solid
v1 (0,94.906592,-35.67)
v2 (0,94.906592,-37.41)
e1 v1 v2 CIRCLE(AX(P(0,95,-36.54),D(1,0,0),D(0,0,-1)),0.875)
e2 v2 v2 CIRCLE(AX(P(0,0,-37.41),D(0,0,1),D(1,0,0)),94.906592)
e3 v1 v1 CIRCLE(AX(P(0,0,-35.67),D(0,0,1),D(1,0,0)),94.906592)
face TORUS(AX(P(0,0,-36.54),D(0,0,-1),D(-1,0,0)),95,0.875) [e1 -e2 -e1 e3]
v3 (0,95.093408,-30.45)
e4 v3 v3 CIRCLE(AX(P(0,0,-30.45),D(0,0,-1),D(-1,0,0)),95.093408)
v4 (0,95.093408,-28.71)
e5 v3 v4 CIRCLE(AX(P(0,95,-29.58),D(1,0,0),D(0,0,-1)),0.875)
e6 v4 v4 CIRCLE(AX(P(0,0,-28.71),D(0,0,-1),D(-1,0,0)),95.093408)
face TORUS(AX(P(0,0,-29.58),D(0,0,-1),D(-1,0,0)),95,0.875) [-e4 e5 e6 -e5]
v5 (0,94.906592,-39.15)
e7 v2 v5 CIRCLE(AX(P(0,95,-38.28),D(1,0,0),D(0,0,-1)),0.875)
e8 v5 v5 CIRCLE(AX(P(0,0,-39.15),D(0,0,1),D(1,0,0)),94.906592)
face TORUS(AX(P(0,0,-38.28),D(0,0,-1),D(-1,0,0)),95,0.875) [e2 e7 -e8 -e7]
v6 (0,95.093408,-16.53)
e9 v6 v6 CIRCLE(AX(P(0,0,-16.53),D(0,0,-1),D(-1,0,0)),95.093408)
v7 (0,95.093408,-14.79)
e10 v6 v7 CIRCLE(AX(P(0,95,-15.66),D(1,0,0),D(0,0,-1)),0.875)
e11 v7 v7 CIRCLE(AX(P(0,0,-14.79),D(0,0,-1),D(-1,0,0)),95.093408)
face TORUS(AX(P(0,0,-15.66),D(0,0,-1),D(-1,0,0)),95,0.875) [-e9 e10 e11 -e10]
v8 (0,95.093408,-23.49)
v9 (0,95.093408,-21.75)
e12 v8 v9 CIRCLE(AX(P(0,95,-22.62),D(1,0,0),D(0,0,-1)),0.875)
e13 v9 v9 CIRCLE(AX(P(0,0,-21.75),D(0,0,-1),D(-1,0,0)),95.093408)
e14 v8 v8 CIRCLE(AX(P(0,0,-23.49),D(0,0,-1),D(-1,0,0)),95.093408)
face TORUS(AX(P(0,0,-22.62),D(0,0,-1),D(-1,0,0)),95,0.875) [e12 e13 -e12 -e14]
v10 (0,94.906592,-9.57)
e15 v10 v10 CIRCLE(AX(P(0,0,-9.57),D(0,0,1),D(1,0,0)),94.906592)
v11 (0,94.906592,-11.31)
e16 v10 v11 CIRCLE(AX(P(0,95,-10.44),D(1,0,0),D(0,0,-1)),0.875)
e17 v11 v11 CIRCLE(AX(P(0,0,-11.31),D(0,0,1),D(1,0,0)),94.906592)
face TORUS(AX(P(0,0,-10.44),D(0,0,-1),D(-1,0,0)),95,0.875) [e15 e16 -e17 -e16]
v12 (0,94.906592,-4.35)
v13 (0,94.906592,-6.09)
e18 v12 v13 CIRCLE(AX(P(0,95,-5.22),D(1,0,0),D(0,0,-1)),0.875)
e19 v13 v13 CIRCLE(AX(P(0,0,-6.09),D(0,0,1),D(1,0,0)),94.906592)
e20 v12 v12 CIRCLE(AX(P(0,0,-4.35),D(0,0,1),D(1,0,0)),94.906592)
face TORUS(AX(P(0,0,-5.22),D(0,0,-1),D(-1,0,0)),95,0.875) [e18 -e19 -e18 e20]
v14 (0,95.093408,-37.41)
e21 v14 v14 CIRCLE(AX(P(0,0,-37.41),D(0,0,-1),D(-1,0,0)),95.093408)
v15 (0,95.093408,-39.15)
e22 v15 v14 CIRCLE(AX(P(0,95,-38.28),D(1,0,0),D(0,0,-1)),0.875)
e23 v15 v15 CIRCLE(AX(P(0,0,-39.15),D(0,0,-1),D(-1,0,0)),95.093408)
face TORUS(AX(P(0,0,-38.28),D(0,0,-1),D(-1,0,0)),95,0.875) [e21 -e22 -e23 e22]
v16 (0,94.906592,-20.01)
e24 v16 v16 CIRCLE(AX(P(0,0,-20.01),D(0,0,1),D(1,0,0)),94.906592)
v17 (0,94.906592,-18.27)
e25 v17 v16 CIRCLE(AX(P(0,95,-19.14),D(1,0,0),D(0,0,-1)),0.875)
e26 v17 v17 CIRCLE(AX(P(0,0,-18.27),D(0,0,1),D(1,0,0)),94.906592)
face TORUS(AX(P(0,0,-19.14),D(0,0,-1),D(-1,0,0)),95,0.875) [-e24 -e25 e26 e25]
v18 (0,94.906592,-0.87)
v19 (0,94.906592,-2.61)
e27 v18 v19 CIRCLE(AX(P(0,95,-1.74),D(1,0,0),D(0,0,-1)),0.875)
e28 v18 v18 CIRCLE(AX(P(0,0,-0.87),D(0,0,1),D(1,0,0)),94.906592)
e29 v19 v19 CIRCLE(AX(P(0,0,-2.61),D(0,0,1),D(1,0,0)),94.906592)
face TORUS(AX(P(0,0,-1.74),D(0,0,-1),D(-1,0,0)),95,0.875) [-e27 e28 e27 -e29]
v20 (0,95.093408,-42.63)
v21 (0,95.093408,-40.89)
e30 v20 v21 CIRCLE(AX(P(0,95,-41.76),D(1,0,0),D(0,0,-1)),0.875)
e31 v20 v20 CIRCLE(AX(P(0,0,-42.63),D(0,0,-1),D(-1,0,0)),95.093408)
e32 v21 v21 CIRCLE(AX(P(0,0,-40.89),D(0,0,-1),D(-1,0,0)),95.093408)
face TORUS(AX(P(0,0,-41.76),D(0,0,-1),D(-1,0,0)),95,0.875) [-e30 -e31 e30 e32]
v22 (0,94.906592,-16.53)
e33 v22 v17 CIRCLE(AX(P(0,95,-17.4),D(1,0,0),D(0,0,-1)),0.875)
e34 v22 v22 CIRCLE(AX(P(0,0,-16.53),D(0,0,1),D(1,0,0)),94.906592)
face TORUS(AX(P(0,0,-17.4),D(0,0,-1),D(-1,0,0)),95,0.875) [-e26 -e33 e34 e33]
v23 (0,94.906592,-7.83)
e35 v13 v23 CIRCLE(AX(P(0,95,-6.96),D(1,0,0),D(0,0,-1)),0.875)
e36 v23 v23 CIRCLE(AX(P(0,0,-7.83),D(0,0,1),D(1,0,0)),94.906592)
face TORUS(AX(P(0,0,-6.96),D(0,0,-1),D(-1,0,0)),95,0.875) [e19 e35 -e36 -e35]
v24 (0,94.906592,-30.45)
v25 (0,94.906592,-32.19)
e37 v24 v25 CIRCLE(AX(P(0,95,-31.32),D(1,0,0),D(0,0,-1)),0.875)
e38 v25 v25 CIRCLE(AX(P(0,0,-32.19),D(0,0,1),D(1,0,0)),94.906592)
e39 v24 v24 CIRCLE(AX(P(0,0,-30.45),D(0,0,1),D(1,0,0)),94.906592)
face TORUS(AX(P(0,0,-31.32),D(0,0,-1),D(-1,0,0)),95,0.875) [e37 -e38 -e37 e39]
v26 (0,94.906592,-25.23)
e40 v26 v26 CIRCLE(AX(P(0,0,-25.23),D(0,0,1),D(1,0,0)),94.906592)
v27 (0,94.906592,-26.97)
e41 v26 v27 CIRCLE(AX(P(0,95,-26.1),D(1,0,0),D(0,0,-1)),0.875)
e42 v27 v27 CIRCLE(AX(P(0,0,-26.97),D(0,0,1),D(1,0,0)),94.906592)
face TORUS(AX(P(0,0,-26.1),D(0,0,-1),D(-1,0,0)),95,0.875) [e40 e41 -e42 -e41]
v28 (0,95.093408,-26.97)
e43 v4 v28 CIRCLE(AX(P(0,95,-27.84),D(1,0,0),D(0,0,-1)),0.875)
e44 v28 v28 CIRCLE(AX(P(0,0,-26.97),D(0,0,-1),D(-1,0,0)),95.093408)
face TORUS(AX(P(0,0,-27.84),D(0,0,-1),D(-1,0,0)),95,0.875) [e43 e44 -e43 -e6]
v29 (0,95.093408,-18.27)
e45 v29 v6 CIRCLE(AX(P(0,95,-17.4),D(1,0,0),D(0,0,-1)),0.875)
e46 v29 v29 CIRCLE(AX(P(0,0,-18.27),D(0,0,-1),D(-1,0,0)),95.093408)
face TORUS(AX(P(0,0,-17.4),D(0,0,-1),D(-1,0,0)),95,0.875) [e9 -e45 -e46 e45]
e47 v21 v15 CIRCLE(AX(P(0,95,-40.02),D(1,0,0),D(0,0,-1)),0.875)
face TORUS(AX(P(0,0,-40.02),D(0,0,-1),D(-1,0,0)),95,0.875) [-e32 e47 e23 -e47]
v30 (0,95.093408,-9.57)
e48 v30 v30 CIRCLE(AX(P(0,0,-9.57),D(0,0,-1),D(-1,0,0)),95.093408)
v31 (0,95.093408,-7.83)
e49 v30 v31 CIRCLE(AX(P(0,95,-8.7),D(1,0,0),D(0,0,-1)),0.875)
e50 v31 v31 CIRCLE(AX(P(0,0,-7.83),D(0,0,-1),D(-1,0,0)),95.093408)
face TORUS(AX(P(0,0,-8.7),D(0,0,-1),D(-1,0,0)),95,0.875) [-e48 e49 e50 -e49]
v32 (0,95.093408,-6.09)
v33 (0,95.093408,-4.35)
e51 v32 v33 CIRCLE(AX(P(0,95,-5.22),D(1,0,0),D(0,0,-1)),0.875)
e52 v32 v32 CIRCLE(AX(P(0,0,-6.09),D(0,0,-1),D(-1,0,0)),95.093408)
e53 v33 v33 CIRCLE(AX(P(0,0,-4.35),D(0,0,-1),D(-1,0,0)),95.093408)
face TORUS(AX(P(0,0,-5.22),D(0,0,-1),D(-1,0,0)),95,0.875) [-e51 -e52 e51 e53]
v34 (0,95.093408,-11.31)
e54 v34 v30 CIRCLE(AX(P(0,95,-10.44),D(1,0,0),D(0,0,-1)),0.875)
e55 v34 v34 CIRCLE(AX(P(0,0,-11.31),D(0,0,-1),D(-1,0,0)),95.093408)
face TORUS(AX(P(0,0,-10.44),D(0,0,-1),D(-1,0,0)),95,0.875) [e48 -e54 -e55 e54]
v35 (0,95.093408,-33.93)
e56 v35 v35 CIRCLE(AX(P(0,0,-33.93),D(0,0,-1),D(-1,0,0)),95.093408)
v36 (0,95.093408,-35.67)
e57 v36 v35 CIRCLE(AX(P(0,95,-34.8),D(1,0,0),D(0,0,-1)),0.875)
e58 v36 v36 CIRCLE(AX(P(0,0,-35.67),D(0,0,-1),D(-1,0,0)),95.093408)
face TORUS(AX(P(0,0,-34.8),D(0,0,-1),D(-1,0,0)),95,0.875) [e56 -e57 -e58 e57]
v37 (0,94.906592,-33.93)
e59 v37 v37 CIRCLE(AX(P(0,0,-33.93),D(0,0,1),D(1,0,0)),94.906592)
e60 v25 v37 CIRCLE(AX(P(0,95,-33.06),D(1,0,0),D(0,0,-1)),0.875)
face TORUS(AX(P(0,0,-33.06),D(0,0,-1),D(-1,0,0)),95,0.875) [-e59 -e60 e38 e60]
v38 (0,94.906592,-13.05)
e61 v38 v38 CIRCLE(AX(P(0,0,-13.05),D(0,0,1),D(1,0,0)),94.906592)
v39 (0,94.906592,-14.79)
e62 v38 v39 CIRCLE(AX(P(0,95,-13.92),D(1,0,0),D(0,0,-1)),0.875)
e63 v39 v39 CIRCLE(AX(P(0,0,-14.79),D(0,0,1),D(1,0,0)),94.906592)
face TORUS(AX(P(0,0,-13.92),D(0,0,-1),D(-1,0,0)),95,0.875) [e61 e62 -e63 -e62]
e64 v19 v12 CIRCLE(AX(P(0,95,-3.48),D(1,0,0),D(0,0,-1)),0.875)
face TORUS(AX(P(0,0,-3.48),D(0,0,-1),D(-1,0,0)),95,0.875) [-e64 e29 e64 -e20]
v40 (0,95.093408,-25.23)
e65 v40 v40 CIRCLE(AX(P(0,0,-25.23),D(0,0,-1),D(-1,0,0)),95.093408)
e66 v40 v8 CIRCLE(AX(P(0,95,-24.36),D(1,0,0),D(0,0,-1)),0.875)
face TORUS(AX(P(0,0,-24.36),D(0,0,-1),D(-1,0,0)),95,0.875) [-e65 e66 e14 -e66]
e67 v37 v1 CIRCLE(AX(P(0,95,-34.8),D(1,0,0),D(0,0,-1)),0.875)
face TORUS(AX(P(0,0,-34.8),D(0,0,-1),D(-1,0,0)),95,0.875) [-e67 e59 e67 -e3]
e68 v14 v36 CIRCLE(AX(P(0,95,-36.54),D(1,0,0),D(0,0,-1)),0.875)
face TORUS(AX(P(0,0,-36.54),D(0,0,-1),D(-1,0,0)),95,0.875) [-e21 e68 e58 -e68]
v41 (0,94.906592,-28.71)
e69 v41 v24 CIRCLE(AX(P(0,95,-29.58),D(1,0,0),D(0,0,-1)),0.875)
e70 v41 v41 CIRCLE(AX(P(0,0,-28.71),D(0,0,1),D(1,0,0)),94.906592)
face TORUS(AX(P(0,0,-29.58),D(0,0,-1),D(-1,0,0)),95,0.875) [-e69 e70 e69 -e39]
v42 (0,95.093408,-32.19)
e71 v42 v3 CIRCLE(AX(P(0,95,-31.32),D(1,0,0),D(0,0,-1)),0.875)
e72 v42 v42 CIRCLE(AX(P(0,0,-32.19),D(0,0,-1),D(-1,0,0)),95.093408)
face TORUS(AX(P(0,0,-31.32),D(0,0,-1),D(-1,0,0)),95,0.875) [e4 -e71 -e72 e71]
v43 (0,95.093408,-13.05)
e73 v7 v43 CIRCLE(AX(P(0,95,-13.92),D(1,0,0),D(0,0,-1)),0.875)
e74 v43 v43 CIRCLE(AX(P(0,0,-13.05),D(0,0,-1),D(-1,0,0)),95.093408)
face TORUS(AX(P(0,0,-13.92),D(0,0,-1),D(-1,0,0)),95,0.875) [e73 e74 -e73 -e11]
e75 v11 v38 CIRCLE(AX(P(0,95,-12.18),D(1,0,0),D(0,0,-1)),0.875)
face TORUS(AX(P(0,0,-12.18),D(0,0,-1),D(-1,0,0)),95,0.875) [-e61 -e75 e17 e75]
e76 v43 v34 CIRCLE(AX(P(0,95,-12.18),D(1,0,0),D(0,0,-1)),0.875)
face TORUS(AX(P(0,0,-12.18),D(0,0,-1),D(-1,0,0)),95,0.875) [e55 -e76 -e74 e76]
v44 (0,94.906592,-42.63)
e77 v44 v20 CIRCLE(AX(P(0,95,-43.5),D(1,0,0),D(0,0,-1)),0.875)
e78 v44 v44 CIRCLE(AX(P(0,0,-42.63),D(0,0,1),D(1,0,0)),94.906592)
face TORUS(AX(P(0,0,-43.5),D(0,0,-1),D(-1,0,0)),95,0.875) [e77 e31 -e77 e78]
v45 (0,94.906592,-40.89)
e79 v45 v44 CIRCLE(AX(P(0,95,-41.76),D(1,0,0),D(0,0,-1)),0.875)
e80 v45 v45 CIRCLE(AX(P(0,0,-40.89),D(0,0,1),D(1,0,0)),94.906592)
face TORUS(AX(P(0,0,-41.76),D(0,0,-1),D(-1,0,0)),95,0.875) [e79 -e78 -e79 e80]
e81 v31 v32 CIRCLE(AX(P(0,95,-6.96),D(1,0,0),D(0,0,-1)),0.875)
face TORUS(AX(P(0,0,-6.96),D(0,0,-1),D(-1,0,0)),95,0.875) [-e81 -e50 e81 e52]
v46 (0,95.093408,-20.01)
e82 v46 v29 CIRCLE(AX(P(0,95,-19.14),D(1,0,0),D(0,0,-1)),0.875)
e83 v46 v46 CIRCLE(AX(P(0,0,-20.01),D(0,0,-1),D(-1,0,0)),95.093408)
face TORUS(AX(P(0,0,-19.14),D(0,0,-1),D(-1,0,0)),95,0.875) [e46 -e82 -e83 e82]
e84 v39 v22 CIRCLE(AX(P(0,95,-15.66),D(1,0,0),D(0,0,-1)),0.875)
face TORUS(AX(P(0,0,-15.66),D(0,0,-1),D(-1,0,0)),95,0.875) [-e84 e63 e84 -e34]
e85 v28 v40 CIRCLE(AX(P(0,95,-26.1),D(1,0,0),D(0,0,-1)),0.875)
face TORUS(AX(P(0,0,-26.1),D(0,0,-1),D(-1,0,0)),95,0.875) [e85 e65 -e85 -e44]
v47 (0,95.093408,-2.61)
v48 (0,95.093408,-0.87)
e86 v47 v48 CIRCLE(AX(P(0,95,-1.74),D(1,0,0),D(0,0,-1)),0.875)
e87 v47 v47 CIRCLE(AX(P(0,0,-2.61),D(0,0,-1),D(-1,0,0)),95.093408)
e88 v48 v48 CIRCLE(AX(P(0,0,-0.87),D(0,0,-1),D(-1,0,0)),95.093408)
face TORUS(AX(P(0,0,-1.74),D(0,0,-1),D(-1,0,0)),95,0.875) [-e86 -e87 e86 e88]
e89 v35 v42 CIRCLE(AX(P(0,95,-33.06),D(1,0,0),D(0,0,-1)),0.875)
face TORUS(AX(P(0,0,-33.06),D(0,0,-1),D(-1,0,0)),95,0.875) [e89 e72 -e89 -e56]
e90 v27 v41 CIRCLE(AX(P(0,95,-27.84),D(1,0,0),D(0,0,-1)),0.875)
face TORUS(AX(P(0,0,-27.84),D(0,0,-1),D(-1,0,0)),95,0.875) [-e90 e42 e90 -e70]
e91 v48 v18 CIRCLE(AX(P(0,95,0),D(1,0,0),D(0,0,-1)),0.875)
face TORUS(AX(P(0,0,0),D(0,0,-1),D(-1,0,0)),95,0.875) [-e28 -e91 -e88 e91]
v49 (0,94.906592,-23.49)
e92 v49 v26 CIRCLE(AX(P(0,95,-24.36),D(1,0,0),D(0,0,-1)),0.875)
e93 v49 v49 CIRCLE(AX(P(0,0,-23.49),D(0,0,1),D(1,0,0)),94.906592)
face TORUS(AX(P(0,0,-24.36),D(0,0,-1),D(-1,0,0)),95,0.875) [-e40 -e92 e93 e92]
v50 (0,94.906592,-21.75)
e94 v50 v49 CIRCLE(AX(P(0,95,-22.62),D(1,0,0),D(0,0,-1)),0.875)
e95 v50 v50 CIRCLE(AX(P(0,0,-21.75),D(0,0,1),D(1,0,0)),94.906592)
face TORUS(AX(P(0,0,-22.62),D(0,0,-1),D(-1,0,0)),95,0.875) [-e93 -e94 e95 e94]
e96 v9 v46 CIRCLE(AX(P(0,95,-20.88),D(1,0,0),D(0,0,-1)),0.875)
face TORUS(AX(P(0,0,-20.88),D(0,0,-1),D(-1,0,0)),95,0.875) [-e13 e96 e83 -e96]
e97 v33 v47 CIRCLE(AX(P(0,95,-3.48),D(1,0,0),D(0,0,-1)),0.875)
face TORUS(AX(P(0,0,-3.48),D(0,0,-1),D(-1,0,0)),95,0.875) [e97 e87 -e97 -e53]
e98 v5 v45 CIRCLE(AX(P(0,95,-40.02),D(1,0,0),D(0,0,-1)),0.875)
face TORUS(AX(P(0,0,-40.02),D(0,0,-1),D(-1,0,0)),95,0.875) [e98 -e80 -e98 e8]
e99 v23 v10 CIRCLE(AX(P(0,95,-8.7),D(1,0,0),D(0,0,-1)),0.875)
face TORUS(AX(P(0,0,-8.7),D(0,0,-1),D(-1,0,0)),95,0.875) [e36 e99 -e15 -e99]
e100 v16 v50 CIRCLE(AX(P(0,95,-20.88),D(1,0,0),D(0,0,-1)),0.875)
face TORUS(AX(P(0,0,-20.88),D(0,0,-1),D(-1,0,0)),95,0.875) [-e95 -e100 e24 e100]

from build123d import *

# Parameters (mm, degrees)
SKETCH2_R       = 0.875
LPATTERN1_COUNT = 26
LPATTERN1_PITCH = 1.74


with BuildPart() as part:
    # Sweep1: sweep along a path in Sketch1
    with BuildLine(Plane.XY) as sweep1_path:
        CenterArc((0, 0), 95, 0, 360)
    # Sketch2 → Sweep1 (sweep)
    with BuildSketch(Plane(origin=(0, 0, 0), x_dir=(0, 0, -1), z_dir=(1, 0, 0))):
        with Locations((0, 95)):
            Circle(SKETCH2_R)
    sweep1 = sweep(path=sweep1_path.line)

    # LPattern1: Sweep1 ×26
    with Locations(*[(0, 0, -i * LPATTERN1_PITCH) for i in range(1, LPATTERN1_COUNT)]):
        add(sweep1)


solid = part.part
